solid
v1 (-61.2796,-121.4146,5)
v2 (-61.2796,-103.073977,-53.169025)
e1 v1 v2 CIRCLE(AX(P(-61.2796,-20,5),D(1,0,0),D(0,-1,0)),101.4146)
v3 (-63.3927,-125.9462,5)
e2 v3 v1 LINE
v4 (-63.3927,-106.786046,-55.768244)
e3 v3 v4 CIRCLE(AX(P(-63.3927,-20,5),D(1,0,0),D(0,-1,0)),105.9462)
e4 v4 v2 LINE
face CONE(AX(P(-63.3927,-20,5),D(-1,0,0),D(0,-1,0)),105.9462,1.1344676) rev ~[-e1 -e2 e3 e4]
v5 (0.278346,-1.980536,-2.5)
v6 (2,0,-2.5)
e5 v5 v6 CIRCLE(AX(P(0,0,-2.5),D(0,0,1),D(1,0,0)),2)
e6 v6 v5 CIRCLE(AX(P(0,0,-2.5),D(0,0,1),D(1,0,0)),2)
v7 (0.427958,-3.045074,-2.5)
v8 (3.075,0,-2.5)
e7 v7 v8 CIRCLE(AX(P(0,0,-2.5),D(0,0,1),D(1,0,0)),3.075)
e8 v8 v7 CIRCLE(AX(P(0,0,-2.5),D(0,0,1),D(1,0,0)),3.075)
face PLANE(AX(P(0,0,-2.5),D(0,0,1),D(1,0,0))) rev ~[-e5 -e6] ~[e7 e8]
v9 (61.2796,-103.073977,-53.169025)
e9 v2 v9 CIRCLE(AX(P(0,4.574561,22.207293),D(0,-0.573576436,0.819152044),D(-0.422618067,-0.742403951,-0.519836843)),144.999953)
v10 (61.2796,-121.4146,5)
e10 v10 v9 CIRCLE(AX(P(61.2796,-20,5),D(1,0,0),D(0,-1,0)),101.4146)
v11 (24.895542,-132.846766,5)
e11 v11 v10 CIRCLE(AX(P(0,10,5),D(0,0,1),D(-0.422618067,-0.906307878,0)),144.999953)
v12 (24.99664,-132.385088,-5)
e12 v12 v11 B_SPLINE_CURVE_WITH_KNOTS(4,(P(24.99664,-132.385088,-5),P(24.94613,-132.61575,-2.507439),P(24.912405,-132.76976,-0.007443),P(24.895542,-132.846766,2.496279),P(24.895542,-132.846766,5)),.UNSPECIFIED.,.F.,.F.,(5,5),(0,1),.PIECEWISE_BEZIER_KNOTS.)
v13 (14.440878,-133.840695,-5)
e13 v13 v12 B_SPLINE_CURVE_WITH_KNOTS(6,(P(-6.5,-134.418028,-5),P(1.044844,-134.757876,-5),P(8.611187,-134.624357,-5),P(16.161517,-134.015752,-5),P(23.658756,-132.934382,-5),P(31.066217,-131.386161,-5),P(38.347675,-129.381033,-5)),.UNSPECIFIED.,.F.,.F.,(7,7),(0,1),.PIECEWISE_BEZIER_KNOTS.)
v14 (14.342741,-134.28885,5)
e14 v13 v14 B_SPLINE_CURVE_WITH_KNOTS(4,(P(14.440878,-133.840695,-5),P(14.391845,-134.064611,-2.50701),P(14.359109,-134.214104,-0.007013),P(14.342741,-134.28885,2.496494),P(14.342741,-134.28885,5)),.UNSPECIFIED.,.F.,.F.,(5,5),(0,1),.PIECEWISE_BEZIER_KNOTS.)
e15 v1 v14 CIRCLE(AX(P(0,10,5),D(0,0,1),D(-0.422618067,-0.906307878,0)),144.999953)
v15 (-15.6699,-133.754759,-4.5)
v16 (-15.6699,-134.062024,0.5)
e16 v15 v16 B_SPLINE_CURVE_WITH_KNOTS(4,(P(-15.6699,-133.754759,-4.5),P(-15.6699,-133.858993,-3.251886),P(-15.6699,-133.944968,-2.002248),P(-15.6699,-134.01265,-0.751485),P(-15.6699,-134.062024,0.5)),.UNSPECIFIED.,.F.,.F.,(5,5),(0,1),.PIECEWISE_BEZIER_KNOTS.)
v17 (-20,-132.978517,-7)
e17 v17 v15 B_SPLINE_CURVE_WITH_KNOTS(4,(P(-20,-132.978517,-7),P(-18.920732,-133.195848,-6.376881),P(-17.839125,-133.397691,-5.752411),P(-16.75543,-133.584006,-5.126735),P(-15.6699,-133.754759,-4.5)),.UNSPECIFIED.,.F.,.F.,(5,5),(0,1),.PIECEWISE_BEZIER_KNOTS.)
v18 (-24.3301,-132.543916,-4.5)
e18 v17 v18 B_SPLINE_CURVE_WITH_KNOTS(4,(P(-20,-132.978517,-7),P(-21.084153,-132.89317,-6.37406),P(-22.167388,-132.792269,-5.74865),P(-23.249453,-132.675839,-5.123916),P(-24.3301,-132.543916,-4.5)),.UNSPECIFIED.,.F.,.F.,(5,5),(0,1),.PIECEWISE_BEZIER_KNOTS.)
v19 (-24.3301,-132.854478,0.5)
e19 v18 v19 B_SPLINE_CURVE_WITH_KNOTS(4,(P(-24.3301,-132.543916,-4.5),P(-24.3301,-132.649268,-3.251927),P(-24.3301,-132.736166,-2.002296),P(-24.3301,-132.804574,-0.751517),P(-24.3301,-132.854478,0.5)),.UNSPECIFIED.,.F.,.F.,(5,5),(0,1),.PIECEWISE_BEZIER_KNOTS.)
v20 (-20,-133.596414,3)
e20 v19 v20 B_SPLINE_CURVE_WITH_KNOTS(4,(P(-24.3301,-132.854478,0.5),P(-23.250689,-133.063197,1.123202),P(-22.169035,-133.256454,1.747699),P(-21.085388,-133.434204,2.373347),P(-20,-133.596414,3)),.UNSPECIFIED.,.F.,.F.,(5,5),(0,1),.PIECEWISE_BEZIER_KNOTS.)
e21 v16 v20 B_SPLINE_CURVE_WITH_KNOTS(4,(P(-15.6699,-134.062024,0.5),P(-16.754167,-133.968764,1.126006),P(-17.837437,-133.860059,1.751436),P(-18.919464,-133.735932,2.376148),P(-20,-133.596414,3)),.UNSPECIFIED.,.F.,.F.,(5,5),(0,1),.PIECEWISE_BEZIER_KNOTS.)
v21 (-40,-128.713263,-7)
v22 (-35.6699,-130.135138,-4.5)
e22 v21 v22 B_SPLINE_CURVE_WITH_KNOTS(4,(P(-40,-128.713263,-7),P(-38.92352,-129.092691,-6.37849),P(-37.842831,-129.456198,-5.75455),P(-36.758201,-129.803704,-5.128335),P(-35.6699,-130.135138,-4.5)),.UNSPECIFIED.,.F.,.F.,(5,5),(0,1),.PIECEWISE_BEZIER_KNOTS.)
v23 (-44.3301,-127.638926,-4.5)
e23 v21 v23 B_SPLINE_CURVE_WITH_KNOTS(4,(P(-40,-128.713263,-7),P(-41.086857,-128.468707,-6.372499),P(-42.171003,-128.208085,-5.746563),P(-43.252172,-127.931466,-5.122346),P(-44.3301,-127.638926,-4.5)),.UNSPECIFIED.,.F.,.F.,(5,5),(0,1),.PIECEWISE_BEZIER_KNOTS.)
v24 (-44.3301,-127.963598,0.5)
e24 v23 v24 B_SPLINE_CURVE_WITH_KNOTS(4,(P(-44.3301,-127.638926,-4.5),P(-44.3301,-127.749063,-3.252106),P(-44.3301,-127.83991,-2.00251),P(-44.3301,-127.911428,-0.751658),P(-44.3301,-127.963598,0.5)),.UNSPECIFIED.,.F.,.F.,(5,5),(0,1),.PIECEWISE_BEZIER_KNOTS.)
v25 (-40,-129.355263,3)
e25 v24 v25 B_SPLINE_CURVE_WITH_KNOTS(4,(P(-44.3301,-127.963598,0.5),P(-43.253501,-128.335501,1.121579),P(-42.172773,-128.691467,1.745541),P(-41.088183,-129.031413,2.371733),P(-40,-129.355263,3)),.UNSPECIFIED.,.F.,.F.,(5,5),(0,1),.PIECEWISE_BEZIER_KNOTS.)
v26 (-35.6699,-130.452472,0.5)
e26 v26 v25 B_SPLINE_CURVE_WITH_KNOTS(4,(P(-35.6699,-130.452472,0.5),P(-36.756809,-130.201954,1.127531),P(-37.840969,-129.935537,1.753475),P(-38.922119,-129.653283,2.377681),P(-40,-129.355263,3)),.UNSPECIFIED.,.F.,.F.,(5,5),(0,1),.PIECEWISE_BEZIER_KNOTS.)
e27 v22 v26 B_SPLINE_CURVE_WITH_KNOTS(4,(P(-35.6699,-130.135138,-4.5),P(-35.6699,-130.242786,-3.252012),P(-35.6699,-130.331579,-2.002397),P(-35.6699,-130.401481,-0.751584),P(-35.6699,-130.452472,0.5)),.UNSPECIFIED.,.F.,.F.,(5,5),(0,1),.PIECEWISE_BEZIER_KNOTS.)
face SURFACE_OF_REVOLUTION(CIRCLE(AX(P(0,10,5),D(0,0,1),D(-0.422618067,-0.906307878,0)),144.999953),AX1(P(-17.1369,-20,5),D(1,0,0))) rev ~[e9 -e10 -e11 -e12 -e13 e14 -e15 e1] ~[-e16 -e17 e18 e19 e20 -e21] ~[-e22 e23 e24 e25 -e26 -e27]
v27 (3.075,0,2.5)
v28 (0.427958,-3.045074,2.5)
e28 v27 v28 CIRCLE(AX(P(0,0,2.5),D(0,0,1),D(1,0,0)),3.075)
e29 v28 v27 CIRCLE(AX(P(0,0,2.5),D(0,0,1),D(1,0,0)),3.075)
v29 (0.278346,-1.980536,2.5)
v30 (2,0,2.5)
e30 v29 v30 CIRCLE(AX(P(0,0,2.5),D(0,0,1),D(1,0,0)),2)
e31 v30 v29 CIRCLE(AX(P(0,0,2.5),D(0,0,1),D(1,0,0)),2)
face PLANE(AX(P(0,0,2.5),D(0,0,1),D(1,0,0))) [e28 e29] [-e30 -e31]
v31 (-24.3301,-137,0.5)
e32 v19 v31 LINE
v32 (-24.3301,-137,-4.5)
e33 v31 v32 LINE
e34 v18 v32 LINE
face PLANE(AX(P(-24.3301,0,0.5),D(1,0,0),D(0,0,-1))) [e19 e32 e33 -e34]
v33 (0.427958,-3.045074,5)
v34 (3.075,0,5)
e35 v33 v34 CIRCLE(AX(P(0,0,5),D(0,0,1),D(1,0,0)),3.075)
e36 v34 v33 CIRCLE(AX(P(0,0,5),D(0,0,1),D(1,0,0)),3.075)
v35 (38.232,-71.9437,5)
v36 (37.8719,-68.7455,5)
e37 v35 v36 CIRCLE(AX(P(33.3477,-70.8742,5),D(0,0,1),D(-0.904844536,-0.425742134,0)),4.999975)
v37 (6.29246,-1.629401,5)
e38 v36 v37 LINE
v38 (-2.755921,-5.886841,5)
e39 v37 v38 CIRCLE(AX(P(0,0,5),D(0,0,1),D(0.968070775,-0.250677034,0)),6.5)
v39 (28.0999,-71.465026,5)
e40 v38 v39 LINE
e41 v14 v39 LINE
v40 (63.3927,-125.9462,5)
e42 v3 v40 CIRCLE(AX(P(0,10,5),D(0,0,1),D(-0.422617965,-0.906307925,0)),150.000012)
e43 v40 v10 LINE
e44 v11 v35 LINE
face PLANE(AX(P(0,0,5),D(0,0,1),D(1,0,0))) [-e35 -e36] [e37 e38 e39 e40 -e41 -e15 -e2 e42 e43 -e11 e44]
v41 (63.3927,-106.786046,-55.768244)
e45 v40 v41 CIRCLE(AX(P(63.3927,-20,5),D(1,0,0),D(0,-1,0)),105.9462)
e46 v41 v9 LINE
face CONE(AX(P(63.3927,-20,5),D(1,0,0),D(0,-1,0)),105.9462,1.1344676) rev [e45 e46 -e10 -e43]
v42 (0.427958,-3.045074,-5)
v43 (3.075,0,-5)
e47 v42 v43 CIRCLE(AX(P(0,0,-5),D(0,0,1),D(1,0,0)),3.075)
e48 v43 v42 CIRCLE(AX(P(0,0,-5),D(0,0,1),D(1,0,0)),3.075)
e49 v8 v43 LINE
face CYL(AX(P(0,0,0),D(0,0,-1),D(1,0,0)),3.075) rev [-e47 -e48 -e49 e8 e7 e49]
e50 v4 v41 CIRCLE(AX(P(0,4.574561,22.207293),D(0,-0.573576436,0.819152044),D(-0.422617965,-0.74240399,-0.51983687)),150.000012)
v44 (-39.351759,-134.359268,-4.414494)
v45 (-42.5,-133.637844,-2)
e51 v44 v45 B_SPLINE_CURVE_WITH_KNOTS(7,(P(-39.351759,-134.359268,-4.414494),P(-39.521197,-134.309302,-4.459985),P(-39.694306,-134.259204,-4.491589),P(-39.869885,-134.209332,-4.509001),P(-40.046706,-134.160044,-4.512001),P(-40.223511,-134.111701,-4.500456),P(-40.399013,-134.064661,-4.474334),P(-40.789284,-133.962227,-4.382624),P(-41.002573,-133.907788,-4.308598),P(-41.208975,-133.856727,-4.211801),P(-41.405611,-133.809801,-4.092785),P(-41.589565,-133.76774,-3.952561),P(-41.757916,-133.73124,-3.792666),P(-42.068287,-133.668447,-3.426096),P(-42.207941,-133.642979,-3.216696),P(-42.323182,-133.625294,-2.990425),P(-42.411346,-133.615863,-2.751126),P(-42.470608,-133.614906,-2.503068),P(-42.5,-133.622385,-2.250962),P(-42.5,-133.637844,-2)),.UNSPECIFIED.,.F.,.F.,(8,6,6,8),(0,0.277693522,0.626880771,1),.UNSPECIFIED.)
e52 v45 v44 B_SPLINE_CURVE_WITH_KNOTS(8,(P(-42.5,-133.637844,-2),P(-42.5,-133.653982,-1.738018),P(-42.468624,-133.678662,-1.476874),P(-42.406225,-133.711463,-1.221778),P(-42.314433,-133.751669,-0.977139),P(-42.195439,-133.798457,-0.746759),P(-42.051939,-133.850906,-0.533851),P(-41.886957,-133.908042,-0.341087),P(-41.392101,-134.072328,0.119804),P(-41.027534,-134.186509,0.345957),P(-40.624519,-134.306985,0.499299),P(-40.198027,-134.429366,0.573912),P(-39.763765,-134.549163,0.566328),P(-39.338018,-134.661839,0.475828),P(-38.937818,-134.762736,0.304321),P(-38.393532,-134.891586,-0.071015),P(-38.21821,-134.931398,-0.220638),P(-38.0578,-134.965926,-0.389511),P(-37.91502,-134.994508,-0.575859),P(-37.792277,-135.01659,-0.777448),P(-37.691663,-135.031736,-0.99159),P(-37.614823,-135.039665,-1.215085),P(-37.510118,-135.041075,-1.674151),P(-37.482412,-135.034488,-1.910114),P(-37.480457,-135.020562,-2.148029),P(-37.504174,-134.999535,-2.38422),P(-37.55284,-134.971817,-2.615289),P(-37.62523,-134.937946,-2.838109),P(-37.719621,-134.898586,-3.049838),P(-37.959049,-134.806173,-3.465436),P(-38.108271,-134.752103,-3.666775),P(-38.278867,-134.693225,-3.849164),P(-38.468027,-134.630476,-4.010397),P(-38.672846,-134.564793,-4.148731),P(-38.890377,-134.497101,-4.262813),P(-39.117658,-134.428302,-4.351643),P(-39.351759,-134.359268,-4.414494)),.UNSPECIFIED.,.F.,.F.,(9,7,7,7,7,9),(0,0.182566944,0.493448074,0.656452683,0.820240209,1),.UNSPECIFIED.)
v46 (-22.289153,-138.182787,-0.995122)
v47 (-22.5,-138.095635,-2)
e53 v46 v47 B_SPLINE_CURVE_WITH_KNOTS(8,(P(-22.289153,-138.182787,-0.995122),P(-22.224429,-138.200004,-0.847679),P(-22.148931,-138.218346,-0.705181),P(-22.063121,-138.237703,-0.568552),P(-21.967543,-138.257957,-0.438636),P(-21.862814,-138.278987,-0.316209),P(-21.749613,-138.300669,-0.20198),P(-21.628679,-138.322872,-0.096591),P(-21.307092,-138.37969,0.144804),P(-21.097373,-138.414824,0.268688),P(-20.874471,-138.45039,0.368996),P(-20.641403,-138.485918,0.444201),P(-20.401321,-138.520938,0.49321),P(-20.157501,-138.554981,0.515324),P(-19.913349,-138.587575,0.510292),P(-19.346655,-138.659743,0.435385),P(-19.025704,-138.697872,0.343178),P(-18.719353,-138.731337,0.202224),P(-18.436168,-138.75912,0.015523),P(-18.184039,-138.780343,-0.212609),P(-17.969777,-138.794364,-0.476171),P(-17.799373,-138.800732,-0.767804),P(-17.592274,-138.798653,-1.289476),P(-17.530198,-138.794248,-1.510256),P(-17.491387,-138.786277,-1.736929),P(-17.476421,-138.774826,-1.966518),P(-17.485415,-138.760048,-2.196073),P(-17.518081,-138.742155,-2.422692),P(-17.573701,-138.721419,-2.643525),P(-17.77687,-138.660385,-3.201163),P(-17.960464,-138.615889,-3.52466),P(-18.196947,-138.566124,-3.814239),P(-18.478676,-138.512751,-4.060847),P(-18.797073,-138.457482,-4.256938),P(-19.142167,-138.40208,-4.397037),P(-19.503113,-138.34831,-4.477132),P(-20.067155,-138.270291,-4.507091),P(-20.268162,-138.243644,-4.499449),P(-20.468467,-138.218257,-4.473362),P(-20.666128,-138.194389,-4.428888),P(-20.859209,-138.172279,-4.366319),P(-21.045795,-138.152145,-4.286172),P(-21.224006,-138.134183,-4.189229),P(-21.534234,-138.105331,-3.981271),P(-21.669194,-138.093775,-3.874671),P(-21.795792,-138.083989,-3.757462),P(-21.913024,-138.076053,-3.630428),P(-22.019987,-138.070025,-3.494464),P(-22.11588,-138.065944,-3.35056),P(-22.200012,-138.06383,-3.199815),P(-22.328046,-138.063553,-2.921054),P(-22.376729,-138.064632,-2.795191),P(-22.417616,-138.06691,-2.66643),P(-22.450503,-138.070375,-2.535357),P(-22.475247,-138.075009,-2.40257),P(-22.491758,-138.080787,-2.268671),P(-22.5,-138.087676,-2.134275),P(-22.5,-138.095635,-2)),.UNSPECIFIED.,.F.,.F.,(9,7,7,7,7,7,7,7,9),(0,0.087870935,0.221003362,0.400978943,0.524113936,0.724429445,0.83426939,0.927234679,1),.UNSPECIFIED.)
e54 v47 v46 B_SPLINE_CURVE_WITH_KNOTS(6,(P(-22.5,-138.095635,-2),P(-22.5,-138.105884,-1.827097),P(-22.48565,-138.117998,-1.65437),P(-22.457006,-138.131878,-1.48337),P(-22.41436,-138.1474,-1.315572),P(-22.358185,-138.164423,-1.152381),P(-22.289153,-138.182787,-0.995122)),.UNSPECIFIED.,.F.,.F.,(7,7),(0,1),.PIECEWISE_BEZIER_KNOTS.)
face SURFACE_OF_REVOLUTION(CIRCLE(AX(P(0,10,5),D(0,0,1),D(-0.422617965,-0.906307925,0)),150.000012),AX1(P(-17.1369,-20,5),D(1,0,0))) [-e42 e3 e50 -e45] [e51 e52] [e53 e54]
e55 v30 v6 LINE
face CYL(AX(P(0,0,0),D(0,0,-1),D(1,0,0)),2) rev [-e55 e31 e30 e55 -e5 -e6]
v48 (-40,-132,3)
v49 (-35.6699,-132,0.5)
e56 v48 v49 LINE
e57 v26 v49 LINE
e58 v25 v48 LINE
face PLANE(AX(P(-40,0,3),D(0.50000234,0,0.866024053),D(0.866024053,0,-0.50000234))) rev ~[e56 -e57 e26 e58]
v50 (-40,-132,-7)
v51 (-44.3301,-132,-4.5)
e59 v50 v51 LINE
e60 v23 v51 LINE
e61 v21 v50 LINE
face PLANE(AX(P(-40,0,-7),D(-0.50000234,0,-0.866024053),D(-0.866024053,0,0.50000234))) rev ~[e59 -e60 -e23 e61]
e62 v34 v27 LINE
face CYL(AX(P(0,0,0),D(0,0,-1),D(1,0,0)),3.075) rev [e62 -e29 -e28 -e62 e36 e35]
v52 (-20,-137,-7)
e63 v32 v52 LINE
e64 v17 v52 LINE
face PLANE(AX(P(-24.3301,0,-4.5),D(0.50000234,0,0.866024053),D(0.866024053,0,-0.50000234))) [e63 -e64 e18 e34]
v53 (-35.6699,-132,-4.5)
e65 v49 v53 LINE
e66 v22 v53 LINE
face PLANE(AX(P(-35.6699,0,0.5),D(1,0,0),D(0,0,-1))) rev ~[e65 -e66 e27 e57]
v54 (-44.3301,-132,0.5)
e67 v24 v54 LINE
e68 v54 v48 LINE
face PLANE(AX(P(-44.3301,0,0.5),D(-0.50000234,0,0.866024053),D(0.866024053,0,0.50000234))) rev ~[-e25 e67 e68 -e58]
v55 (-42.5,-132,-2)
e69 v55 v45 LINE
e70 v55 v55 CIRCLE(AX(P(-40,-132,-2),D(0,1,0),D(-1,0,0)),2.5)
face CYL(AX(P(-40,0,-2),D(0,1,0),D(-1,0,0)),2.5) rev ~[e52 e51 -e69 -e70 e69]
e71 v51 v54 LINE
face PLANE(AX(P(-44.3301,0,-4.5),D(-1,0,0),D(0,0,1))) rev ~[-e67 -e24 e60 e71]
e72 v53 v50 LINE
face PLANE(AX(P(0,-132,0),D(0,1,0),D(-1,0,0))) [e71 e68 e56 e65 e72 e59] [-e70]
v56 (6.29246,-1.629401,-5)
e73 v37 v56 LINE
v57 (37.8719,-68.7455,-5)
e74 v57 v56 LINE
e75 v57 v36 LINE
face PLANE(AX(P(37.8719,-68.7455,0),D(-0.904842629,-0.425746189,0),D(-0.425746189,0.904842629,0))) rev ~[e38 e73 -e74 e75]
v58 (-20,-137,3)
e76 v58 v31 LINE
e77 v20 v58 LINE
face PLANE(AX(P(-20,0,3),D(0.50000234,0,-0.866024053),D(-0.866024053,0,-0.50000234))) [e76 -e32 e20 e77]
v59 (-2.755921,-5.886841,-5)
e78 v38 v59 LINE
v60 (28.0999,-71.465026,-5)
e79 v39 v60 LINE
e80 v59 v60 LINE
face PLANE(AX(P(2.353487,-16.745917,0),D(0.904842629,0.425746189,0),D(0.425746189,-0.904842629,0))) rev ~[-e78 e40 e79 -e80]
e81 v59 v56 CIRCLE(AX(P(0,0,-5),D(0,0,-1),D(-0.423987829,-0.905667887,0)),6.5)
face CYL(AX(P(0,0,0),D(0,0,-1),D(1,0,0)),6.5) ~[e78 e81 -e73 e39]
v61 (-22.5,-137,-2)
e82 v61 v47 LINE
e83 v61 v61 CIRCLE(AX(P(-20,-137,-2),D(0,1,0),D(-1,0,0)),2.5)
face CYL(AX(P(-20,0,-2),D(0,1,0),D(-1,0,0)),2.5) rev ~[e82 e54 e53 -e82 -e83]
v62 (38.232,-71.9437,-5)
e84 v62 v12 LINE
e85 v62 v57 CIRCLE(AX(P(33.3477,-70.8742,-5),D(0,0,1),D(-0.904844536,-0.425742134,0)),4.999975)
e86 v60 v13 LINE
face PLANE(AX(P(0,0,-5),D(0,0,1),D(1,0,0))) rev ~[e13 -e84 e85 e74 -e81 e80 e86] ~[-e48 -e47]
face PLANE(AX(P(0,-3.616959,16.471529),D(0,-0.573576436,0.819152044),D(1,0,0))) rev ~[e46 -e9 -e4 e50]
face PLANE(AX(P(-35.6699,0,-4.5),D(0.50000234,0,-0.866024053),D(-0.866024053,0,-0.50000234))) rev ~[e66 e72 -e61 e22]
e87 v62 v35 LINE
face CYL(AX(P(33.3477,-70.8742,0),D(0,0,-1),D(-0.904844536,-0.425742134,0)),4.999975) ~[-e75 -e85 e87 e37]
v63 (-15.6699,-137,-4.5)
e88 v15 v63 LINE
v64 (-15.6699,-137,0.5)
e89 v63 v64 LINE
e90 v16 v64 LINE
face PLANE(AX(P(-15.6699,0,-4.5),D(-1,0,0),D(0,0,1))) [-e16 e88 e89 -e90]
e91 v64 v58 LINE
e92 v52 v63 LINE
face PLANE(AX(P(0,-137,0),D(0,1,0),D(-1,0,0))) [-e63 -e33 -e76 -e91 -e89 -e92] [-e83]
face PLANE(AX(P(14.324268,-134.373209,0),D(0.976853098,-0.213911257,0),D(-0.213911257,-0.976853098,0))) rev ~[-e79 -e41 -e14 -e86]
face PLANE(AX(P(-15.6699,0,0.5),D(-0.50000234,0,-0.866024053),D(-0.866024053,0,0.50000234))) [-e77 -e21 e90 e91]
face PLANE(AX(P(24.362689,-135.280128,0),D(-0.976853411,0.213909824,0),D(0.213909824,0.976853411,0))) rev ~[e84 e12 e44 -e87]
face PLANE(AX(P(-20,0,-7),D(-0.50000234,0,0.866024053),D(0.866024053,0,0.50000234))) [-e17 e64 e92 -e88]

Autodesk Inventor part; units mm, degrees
ref_plane "YZ Plane" through (0, 0, 0) normal (1, 0, 0) x (0, 1, 0)
ref_plane "XZ Plane" through (0, 0, 0) normal (0, 1, 0) x (-1, 0, 0)
ref_plane "XY Plane" through (0, 0, 0) normal (0, 0, 1) x (1, 0, 0)
sketch "スケッチ1" plane through (0, 0, 0) normal (0, 0, 1) x (1, 0, 0)
  arc A0 (-81.314, -122.2088) -> (79.2809, -122.2088) centre (-1.0165, 49.9897) ccw
  line L0 (-1.0165, 49.9897) -> (79.2809, -122.2088) construction
  line L1 (-1.0165, 49.9897) -> (188.9835, 49.9897) construction
  line L2 (-1.0165, 49.9897) -> (-81.314, -122.2088) construction
  arc A1 (-79.2009, -117.6773) -> (77.1678, -117.6773) centre (-1.0165, 49.9897) ccw
  line L3 (-1.0165, 49.9897) -> (77.1678, -117.6773) construction
  line L4 (-1.0165, 49.9897) -> (183.9835, 49.9897) construction
  line L5 (-1.0165, 49.9897) -> (-79.2009, -117.6773) construction
  line L6 (0, -135.0075) -> (35, -74.3858)
  line L7 (0, -135.0075) -> (70, -135.0075) construction
  line L8 (35, -74.3858) -> (2.1456, -4.5601)
  line L9 (35, -74.3858) -> (112.1689, -74.3858) construction
  circle A2 centre (0, 0) radius 2
  circle A3 centre (0, 0) radius 3.075
  circle A4 centre (0, 0) radius 6.5
  line L10 (0, 0) -> (33.3477, -70.8742) construction
  line L11 (-4.5242, -2.1287) -> (28.8235, -73.0029)
  line L12 (37.8719, -68.7455) -> (4.5242, 2.1287)
  arc A5 (4.5242, 2.1287) -> (-4.5242, -2.1287) centre (0, 0) ccw
  arc A6 (28.8235, -73.0029) -> (37.8719, -68.7455) centre (33.3477, -70.8742) ccw
  line L13 (-1.0165, -135.0103) -> (33.3477, -70.8742) construction
  line L14 (3.3907, -137.3717) -> (37.755, -73.2356)
  line L15 (28.9405, -68.5128) -> (-5.4238, -132.6489)
  arc A7 (-5.4238, -132.6489) -> (3.3907, -137.3717) centre (-1.0165, -135.0103) ccw
  arc A8 (37.755, -73.2356) -> (28.9405, -68.5128) centre (33.3477, -70.8742) ccw
  arc A9 (-80.0461, -119.4899) -> (78.0131, -119.4899) centre (-1.0165, 49.9897) ccw
  line L16 (-1.0165, 49.9897) -> (78.0131, -119.4899) construction
  line L17 (-1.0165, 49.9897) -> (185.9835, 49.9897) construction
  line L18 (-1.0165, 49.9897) -> (-80.0461, -119.4899) construction
  line L19 (0, 0) -> (19.103, -135.9248)
  line L20 (0, 0) -> (137.2607, 0) construction
  line L21 (33.3477, -70.8742) -> (19.103, -135.9248) construction
  line L22 (28.4635, -69.8046) -> (14.2187, -134.8553)
  line L23 (23.9873, -136.9944) -> (38.232, -71.9437)
  arc A10 (38.232, -71.9437) -> (28.4635, -69.8046) centre (33.3477, -70.8742) ccw
  arc A11 (14.2187, -134.8553) -> (23.9873, -136.9944) centre (19.103, -135.9248) ccw
  point P0 (0, 0)
  point P1 (16.6739, -35.4371)
  point P2 (16.1656, -102.9423)
  point P3 (6.2925, -1.6294)
  point P4 (-2.756, -5.8868)
  point P5 (27.7533, -70.7285)
  point P6 (37.8719, -68.7455)
  point P7 (-5.6235, -136.9536)
  point P8 (3.6151, -136.953)
  point P9 (37.755, -73.2356)
  point P10 (37.8719, -68.7455)
  point P11 (33.3512, -133.8251)
  point P12 (26.2254, -103.3995)
  point P13 (28.0999, -71.465)
  point P14 (14.1253, -136.3963)
  point P15 (24.3626, -135.2801)
  dimension "d0" = 50
  dimension "d1" = 190
  dimension "d2" = 65
  dimension "d3" = 50
  dimension "d4" = 185
  dimension "d5" = 65
  dimension "d6" = 50
  dimension "d7" = 70
  dimension "d8" = 60
  dimension "d9" = 0
  dimension "d11" = 4
  dimension "d12" = 6.15
  dimension "d13" = 13
  dimension "d14" = 10
  dimension "d15" = 10
  dimension "d16" = 187
  dimension "d17" = 65
  dimension "d18" = 50
  dimension "d34" = 0
  dimension "d35" = 0
  dimension "d36" = 82
  dimension "d37" = 10
extrude "押し出し1" add sketch "スケッチ1" along normal mid plane 5 contours A3
extrude "押し出し2" add sketch "スケッチ1" along normal mid plane 10 contours L11 L19 A4 L8 A8 L15 | L11 A4 L19 | L11 A5 L12 A4 | A4 L12 A5 L11 | A8 L8 A4 L12
extrude "押し出し3" add sketch "スケッチ1" along normal mid plane 10 contours A11 L22 A1 L19 A9 | L19 A1 L23 A9 | L19 L22 L14 A6 L23 A1 | A1 L22 L19 | L22 L11 A6 L6 | L6 A6 L14 L22 | L15 A10 L22 L11 | A6 L6 L8 A8 | A6 L11 L22 A10 A8 L8 L6
sketch "スケッチ2" plane through (0, 0, 5) normal (0, 0, 1) x (1, 0, 0)
  line L0 (-17.1369, -20) -> (12.9571, -20)
  arc A0 (-63.3927, -125.9462) -> (63.3927, -125.9462) centre (0, 10) ccw
  line L1 (0, 10) -> (63.3927, -125.9462) construction
  line L2 (0, 10) -> (150, 10) construction
  line L3 (0, 10) -> (-63.3927, -125.9462) construction
  arc A1 (-61.2796, -121.4146) -> (61.2796, -121.4146) centre (0, 10) ccw
  line L4 (0, 10) -> (61.2796, -121.4146) construction
  line L5 (0, 10) -> (145, 10) construction
  line L6 (0, 10) -> (-61.2796, -121.4146) construction
  line L7 (-63.3927, -125.9462) -> (-61.2796, -121.4146)
  line L8 (63.3927, -125.9462) -> (61.2796, -121.4146)
  point P0 (0, 0)
  point P1 (0, -20)
  dimension "d25" = 20
  dimension "d26" = 10
  dimension "d27" = 150
  dimension "d28" = 65
  dimension "d29" = 50
  dimension "d30" = 145
  dimension "d31" = 65
  dimension "d32" = 50
revolve "回転1" add sketch "スケッチ2" angle 35 about axis through (-17.1369, -20, 5) along (1, 0, 0)
sketch "スケッチ3" plane through (0, 0, 0) normal (0, 1, 0) x (-1, 0, 0)
  line L0 (-14.3428, 5) -> (61.2796, 5) projected
  circle A0 centre (20, -2) radius 2.5
  line L1 (20, 3) -> (24.3301, 0.5)
  line L2 (24.3301, 0.5) -> (24.3301, -4.5)
  line L3 (24.3301, -4.5) -> (20, -7)
  line L4 (20, -7) -> (15.6699, -4.5)
  line L5 (15.6699, -4.5) -> (15.6699, 0.5)
  line L6 (15.6699, 0.5) -> (20, 3)
  circle A1 centre (40, -2) radius 2.5
  line L7 (40, 3) -> (35.6699, 0.5)
  line L8 (35.6699, 0.5) -> (35.6699, -4.5)
  line L9 (35.6699, -4.5) -> (40, -7)
  line L10 (40, -7) -> (44.3301, -4.5)
  line L11 (44.3301, -4.5) -> (44.3301, 0.5)
  line L12 (44.3301, 0.5) -> (40, 3)
  point P0 (0, 0)
  dimension "d38" = 7
  dimension "d39" = 20
  dimension "d40" = 5
  dimension "d41" = 10
extrude "押し出し4" cut sketch "スケッチ3" against normal blind 1000 contours A0 | A1
extrude "押し出し5" cut sketch "スケッチ3" against normal blind 132 contours L12 L11 L10 L9 L8 L7
extrude "押し出し6" cut sketch "スケッチ3" against normal blind 137 contours L1 L2 L3 L4 L5 L6
properties part number "passive_walking_robot5"
